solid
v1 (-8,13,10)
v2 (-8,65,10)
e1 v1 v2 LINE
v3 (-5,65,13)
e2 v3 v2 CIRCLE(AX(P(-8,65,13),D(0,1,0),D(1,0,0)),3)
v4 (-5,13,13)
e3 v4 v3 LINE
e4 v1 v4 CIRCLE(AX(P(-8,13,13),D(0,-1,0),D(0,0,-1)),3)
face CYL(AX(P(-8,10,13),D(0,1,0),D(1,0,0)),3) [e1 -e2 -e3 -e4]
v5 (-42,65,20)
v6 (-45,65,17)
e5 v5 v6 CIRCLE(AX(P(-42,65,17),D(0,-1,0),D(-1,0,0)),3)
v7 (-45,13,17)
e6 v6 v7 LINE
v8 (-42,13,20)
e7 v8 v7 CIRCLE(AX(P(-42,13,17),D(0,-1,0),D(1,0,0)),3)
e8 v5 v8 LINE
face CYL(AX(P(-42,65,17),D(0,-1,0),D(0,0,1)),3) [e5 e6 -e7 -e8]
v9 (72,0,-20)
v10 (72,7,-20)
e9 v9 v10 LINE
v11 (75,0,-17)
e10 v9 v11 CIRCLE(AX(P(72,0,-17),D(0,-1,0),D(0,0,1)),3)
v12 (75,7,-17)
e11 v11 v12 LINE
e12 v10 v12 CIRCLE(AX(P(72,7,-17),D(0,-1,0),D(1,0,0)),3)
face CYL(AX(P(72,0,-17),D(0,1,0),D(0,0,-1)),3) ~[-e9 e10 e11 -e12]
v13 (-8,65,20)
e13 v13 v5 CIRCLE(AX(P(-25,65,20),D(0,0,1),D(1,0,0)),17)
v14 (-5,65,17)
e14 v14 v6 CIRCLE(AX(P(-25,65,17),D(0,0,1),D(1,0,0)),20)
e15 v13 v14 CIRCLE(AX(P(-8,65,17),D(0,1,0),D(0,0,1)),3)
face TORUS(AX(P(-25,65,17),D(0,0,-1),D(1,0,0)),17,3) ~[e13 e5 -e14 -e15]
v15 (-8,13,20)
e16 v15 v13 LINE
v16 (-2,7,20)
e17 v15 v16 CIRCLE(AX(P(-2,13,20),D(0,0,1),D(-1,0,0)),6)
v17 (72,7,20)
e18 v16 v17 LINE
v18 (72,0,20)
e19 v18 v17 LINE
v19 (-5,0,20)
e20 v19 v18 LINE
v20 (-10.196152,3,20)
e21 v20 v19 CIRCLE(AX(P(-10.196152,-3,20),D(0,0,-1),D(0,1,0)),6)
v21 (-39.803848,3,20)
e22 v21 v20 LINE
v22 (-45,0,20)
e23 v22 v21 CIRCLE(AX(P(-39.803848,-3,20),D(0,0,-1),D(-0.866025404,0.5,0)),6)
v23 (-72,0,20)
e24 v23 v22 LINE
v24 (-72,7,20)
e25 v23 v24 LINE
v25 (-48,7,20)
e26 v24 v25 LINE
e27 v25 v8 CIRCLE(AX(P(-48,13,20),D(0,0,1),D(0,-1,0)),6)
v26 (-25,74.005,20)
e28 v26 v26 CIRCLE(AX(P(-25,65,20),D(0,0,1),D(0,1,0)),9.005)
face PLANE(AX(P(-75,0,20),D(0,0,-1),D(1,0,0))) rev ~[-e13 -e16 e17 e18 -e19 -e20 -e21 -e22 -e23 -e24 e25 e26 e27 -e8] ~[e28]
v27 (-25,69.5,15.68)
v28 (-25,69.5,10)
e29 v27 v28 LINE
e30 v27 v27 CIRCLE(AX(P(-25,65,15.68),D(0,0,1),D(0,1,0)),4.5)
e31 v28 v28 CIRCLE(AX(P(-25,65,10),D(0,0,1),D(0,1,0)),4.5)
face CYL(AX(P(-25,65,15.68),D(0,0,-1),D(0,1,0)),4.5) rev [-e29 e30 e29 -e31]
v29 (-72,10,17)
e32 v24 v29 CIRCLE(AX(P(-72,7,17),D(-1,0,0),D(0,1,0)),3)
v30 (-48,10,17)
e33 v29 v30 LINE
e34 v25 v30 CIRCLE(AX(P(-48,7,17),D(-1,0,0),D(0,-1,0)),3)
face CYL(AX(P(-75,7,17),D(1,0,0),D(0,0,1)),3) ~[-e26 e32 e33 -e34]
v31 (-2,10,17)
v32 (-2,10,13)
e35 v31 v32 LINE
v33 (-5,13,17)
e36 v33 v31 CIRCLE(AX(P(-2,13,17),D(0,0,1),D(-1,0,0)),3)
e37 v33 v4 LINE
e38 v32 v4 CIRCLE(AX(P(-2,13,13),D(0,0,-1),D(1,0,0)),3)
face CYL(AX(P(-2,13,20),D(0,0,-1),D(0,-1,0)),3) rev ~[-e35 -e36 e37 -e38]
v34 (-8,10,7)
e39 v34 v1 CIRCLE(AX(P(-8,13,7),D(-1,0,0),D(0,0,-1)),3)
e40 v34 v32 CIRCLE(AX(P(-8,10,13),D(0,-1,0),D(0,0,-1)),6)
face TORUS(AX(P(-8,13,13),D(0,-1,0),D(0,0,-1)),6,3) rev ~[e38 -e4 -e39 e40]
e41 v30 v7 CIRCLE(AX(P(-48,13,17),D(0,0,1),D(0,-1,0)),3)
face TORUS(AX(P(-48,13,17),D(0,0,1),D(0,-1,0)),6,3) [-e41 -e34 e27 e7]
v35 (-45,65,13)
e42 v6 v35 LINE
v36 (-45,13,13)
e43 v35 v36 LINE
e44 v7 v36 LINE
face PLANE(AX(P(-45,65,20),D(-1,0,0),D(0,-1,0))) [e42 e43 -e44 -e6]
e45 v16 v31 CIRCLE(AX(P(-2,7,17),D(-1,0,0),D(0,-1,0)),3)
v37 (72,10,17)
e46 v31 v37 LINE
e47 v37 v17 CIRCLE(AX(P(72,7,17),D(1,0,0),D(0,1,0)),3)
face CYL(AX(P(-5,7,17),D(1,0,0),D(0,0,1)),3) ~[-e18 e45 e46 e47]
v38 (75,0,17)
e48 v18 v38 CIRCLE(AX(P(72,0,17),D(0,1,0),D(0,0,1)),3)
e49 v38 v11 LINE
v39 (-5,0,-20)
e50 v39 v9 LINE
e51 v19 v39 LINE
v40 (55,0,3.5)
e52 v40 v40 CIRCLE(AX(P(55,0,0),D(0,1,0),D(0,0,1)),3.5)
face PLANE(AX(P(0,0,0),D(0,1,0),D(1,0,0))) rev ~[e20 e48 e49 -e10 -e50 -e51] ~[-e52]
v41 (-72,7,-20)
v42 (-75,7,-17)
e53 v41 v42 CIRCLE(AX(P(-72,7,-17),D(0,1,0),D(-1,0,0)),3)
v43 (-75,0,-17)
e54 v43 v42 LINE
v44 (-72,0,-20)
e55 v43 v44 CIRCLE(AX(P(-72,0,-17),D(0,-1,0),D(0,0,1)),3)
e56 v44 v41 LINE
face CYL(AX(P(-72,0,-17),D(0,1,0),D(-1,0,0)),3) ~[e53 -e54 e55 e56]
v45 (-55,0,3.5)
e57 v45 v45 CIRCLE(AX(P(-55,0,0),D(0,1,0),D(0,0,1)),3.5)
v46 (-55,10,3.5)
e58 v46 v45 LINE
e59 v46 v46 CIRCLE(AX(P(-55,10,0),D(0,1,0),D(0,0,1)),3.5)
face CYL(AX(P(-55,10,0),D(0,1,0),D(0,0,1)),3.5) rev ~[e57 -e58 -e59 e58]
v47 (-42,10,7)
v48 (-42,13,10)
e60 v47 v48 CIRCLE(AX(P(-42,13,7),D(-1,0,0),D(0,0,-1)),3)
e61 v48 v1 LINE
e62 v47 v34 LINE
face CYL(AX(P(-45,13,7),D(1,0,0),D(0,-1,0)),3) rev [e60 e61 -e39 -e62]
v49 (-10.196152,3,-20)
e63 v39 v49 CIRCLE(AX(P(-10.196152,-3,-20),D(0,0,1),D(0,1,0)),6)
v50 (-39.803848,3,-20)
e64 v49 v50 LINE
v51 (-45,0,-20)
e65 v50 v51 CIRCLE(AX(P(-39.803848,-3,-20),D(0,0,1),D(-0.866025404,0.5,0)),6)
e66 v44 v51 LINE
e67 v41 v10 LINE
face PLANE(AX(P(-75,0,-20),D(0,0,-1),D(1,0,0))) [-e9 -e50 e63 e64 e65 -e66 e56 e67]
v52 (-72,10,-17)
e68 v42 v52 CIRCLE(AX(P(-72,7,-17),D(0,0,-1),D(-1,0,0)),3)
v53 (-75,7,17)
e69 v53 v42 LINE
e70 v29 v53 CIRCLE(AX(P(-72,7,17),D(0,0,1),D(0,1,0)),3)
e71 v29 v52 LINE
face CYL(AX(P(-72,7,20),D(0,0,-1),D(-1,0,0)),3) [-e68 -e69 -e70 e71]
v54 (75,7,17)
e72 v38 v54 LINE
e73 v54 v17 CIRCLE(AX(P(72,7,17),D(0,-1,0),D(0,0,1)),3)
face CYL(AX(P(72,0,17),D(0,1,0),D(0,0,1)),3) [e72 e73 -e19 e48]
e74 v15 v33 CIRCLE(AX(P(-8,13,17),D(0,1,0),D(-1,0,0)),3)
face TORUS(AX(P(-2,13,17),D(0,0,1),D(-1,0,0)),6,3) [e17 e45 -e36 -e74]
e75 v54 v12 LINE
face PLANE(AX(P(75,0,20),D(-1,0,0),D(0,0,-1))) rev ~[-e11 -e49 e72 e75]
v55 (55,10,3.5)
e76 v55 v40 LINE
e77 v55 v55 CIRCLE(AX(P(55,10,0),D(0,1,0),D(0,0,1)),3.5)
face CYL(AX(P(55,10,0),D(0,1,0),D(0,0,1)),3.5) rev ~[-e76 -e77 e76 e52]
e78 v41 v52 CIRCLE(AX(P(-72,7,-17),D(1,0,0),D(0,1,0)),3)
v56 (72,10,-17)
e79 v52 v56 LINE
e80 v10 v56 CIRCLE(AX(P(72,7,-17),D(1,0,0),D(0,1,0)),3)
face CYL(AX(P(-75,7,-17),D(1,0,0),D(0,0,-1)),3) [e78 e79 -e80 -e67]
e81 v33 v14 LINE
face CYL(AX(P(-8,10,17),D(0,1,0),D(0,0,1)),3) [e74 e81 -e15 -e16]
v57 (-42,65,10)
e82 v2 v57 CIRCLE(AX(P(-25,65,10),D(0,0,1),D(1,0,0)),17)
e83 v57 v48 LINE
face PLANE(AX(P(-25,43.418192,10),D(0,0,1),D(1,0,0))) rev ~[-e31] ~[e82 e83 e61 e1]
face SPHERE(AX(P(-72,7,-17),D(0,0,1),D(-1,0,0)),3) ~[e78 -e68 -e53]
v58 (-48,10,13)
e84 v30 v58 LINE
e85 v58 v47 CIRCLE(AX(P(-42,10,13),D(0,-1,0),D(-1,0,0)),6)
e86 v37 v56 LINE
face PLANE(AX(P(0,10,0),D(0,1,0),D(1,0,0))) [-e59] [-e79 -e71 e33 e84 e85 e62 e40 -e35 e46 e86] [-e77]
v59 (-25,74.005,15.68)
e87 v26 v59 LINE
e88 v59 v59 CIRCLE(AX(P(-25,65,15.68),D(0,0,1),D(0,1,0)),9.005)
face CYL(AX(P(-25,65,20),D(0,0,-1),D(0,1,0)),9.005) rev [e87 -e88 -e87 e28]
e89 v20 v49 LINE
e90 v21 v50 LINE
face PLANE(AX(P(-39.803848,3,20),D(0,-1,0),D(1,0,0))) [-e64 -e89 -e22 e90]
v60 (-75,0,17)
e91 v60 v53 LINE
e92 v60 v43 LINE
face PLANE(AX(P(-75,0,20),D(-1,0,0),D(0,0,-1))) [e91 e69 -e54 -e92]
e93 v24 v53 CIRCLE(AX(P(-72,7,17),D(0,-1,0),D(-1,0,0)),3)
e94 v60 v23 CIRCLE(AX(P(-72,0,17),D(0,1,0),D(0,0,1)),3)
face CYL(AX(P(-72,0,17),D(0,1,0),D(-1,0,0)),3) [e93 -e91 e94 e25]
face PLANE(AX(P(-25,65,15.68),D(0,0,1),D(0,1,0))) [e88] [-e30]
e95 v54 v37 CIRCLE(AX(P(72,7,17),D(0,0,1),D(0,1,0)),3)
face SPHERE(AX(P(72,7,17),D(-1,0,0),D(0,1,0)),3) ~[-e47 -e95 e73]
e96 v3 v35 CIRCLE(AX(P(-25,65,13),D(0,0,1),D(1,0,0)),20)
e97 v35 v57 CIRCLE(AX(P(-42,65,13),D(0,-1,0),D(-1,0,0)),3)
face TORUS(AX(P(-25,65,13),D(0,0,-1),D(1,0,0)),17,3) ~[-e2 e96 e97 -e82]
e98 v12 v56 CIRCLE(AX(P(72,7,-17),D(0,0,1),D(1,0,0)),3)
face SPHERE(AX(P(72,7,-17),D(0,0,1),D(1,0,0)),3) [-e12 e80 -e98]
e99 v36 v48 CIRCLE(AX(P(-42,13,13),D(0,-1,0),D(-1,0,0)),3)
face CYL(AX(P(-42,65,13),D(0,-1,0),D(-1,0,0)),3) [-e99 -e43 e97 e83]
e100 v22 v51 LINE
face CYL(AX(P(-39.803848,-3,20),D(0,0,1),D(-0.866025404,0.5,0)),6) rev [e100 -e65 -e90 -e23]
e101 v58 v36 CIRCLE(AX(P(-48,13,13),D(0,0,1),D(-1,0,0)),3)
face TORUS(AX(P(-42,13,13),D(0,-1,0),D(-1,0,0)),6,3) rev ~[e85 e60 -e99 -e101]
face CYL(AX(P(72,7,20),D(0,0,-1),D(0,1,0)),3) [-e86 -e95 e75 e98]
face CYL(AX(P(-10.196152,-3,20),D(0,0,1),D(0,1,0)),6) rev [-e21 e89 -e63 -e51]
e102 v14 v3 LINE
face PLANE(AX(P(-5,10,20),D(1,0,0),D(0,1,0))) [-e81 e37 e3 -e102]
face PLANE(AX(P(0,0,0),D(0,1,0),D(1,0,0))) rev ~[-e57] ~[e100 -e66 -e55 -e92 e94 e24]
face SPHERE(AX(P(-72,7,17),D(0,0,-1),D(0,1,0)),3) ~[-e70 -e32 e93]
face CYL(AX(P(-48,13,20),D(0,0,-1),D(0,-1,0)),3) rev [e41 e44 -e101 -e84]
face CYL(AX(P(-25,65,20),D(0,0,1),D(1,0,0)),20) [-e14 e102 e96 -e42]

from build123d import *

# Parameters (mm, degrees)
SKETCH1_W           = 150
SKETCH1_H           = 40
BOSS_EXTRUDE1_DEPTH = 10
BOSS_EXTRUDE2_DEPTH = 10
CUT_EXTRUDE1_DEPTH  = 121.208152802
SKETCH8_R           = 3.5
CUT_EXTRUDE2_DEPTH  = 108.935165725
FILLET1_R           = 3


with BuildPart() as part:
    # Sketch1 → Boss-Extrude1 (new body)
    with BuildSketch(Plane(origin=(0, 0, 0), x_dir=(1, 0, 0), z_dir=(0, 1, 0))):
        Rectangle(SKETCH1_W, SKETCH1_H)
    extrude(amount=BOSS_EXTRUDE1_DEPTH)

    # Sketch2 → Boss-Extrude2 (add)
    with BuildSketch(Plane.XY.offset(20)):
        with BuildLine():
            Line((-45, 10), (-5, 10))
            Line((-5, 10), (-5, 65))
            ThreePointArc((-5, 65), (-25, 85), (-45, 65))
            Line((-45, 65), (-45, 10))
        make_face()
    extrude(amount=-BOSS_EXTRUDE2_DEPTH)

    # Sketch6 → CBORE for M6 SBHCS1 (revolve, cut)
    with BuildSketch(Plane(origin=(-25, 65, 10), x_dir=(0, 1, 0), z_dir=(1, 0, 0))):
        Polygon((0, 0), (0, 10), (9.005, 10), (9.005, 5.68), (4.5, 5.68), (4.5, 0), align=None)
    revolve(axis=Axis((-25, 65, 3.65), (0, 0, 1)), mode=Mode.SUBTRACT)

    # Sketch7 → Cut-Extrude1 (cut, through all)
    with BuildSketch(Plane.XY.offset(20)):
        with BuildLine():
            Line((-39.803847577, 3), (-10.196152423, 3))
            ThreePointArc((-10.196152423, 3), (-7.196152423, 2.196152423), (-5, 0))
            Line((-5, 0), (-45, 0))
            ThreePointArc((-45, 0), (-42.803847577, 2.196152423), (-39.803847577, 3))
        make_face()
    extrude(amount=-CUT_EXTRUDE1_DEPTH, mode=Mode.SUBTRACT)

    # Sketch8 → Cut-Extrude2 (cut, through all)
    with BuildSketch(Plane(origin=(0, 10, 0), x_dir=(1, 0, 0), z_dir=(0, 1, 0))):
        with Locations(Location((-55, 0, 0), (0, 0, 270))):
            Circle(SKETCH8_R)
        with Locations(Location((55, 0, 0), (0, 0, 270))):
            Circle(SKETCH8_R)
    extrude(amount=-CUT_EXTRUDE2_DEPTH, mode=Mode.SUBTRACT)

    # Fillet1
    fillet1_edges = [part.edges().sort_by_distance(p)[0] for p in [
        (-75, 10, 0),
        (35, 10, 20),
        (-45, 37.5, 10),
        (-45, 10, 15),
        (-25, 85, 10),
        (-5, 37.5, 10),
        (-60, 10, 20),
        (-25, 10, 10),
        (-5, 10, 15),
        (-45, 37.5, 20),
        (-5, 37.5, 20),
        (-25, 85, 20),
        (75, 10, 0),
        (75, 5, 20),
        (-75, 5, 20),
        (-75, 5, -20),
        (75, 5, -20),
        (0, 10, -20),
    ]]
    fillet(fillet1_edges, radius=FILLET1_R)


solid = part.part
